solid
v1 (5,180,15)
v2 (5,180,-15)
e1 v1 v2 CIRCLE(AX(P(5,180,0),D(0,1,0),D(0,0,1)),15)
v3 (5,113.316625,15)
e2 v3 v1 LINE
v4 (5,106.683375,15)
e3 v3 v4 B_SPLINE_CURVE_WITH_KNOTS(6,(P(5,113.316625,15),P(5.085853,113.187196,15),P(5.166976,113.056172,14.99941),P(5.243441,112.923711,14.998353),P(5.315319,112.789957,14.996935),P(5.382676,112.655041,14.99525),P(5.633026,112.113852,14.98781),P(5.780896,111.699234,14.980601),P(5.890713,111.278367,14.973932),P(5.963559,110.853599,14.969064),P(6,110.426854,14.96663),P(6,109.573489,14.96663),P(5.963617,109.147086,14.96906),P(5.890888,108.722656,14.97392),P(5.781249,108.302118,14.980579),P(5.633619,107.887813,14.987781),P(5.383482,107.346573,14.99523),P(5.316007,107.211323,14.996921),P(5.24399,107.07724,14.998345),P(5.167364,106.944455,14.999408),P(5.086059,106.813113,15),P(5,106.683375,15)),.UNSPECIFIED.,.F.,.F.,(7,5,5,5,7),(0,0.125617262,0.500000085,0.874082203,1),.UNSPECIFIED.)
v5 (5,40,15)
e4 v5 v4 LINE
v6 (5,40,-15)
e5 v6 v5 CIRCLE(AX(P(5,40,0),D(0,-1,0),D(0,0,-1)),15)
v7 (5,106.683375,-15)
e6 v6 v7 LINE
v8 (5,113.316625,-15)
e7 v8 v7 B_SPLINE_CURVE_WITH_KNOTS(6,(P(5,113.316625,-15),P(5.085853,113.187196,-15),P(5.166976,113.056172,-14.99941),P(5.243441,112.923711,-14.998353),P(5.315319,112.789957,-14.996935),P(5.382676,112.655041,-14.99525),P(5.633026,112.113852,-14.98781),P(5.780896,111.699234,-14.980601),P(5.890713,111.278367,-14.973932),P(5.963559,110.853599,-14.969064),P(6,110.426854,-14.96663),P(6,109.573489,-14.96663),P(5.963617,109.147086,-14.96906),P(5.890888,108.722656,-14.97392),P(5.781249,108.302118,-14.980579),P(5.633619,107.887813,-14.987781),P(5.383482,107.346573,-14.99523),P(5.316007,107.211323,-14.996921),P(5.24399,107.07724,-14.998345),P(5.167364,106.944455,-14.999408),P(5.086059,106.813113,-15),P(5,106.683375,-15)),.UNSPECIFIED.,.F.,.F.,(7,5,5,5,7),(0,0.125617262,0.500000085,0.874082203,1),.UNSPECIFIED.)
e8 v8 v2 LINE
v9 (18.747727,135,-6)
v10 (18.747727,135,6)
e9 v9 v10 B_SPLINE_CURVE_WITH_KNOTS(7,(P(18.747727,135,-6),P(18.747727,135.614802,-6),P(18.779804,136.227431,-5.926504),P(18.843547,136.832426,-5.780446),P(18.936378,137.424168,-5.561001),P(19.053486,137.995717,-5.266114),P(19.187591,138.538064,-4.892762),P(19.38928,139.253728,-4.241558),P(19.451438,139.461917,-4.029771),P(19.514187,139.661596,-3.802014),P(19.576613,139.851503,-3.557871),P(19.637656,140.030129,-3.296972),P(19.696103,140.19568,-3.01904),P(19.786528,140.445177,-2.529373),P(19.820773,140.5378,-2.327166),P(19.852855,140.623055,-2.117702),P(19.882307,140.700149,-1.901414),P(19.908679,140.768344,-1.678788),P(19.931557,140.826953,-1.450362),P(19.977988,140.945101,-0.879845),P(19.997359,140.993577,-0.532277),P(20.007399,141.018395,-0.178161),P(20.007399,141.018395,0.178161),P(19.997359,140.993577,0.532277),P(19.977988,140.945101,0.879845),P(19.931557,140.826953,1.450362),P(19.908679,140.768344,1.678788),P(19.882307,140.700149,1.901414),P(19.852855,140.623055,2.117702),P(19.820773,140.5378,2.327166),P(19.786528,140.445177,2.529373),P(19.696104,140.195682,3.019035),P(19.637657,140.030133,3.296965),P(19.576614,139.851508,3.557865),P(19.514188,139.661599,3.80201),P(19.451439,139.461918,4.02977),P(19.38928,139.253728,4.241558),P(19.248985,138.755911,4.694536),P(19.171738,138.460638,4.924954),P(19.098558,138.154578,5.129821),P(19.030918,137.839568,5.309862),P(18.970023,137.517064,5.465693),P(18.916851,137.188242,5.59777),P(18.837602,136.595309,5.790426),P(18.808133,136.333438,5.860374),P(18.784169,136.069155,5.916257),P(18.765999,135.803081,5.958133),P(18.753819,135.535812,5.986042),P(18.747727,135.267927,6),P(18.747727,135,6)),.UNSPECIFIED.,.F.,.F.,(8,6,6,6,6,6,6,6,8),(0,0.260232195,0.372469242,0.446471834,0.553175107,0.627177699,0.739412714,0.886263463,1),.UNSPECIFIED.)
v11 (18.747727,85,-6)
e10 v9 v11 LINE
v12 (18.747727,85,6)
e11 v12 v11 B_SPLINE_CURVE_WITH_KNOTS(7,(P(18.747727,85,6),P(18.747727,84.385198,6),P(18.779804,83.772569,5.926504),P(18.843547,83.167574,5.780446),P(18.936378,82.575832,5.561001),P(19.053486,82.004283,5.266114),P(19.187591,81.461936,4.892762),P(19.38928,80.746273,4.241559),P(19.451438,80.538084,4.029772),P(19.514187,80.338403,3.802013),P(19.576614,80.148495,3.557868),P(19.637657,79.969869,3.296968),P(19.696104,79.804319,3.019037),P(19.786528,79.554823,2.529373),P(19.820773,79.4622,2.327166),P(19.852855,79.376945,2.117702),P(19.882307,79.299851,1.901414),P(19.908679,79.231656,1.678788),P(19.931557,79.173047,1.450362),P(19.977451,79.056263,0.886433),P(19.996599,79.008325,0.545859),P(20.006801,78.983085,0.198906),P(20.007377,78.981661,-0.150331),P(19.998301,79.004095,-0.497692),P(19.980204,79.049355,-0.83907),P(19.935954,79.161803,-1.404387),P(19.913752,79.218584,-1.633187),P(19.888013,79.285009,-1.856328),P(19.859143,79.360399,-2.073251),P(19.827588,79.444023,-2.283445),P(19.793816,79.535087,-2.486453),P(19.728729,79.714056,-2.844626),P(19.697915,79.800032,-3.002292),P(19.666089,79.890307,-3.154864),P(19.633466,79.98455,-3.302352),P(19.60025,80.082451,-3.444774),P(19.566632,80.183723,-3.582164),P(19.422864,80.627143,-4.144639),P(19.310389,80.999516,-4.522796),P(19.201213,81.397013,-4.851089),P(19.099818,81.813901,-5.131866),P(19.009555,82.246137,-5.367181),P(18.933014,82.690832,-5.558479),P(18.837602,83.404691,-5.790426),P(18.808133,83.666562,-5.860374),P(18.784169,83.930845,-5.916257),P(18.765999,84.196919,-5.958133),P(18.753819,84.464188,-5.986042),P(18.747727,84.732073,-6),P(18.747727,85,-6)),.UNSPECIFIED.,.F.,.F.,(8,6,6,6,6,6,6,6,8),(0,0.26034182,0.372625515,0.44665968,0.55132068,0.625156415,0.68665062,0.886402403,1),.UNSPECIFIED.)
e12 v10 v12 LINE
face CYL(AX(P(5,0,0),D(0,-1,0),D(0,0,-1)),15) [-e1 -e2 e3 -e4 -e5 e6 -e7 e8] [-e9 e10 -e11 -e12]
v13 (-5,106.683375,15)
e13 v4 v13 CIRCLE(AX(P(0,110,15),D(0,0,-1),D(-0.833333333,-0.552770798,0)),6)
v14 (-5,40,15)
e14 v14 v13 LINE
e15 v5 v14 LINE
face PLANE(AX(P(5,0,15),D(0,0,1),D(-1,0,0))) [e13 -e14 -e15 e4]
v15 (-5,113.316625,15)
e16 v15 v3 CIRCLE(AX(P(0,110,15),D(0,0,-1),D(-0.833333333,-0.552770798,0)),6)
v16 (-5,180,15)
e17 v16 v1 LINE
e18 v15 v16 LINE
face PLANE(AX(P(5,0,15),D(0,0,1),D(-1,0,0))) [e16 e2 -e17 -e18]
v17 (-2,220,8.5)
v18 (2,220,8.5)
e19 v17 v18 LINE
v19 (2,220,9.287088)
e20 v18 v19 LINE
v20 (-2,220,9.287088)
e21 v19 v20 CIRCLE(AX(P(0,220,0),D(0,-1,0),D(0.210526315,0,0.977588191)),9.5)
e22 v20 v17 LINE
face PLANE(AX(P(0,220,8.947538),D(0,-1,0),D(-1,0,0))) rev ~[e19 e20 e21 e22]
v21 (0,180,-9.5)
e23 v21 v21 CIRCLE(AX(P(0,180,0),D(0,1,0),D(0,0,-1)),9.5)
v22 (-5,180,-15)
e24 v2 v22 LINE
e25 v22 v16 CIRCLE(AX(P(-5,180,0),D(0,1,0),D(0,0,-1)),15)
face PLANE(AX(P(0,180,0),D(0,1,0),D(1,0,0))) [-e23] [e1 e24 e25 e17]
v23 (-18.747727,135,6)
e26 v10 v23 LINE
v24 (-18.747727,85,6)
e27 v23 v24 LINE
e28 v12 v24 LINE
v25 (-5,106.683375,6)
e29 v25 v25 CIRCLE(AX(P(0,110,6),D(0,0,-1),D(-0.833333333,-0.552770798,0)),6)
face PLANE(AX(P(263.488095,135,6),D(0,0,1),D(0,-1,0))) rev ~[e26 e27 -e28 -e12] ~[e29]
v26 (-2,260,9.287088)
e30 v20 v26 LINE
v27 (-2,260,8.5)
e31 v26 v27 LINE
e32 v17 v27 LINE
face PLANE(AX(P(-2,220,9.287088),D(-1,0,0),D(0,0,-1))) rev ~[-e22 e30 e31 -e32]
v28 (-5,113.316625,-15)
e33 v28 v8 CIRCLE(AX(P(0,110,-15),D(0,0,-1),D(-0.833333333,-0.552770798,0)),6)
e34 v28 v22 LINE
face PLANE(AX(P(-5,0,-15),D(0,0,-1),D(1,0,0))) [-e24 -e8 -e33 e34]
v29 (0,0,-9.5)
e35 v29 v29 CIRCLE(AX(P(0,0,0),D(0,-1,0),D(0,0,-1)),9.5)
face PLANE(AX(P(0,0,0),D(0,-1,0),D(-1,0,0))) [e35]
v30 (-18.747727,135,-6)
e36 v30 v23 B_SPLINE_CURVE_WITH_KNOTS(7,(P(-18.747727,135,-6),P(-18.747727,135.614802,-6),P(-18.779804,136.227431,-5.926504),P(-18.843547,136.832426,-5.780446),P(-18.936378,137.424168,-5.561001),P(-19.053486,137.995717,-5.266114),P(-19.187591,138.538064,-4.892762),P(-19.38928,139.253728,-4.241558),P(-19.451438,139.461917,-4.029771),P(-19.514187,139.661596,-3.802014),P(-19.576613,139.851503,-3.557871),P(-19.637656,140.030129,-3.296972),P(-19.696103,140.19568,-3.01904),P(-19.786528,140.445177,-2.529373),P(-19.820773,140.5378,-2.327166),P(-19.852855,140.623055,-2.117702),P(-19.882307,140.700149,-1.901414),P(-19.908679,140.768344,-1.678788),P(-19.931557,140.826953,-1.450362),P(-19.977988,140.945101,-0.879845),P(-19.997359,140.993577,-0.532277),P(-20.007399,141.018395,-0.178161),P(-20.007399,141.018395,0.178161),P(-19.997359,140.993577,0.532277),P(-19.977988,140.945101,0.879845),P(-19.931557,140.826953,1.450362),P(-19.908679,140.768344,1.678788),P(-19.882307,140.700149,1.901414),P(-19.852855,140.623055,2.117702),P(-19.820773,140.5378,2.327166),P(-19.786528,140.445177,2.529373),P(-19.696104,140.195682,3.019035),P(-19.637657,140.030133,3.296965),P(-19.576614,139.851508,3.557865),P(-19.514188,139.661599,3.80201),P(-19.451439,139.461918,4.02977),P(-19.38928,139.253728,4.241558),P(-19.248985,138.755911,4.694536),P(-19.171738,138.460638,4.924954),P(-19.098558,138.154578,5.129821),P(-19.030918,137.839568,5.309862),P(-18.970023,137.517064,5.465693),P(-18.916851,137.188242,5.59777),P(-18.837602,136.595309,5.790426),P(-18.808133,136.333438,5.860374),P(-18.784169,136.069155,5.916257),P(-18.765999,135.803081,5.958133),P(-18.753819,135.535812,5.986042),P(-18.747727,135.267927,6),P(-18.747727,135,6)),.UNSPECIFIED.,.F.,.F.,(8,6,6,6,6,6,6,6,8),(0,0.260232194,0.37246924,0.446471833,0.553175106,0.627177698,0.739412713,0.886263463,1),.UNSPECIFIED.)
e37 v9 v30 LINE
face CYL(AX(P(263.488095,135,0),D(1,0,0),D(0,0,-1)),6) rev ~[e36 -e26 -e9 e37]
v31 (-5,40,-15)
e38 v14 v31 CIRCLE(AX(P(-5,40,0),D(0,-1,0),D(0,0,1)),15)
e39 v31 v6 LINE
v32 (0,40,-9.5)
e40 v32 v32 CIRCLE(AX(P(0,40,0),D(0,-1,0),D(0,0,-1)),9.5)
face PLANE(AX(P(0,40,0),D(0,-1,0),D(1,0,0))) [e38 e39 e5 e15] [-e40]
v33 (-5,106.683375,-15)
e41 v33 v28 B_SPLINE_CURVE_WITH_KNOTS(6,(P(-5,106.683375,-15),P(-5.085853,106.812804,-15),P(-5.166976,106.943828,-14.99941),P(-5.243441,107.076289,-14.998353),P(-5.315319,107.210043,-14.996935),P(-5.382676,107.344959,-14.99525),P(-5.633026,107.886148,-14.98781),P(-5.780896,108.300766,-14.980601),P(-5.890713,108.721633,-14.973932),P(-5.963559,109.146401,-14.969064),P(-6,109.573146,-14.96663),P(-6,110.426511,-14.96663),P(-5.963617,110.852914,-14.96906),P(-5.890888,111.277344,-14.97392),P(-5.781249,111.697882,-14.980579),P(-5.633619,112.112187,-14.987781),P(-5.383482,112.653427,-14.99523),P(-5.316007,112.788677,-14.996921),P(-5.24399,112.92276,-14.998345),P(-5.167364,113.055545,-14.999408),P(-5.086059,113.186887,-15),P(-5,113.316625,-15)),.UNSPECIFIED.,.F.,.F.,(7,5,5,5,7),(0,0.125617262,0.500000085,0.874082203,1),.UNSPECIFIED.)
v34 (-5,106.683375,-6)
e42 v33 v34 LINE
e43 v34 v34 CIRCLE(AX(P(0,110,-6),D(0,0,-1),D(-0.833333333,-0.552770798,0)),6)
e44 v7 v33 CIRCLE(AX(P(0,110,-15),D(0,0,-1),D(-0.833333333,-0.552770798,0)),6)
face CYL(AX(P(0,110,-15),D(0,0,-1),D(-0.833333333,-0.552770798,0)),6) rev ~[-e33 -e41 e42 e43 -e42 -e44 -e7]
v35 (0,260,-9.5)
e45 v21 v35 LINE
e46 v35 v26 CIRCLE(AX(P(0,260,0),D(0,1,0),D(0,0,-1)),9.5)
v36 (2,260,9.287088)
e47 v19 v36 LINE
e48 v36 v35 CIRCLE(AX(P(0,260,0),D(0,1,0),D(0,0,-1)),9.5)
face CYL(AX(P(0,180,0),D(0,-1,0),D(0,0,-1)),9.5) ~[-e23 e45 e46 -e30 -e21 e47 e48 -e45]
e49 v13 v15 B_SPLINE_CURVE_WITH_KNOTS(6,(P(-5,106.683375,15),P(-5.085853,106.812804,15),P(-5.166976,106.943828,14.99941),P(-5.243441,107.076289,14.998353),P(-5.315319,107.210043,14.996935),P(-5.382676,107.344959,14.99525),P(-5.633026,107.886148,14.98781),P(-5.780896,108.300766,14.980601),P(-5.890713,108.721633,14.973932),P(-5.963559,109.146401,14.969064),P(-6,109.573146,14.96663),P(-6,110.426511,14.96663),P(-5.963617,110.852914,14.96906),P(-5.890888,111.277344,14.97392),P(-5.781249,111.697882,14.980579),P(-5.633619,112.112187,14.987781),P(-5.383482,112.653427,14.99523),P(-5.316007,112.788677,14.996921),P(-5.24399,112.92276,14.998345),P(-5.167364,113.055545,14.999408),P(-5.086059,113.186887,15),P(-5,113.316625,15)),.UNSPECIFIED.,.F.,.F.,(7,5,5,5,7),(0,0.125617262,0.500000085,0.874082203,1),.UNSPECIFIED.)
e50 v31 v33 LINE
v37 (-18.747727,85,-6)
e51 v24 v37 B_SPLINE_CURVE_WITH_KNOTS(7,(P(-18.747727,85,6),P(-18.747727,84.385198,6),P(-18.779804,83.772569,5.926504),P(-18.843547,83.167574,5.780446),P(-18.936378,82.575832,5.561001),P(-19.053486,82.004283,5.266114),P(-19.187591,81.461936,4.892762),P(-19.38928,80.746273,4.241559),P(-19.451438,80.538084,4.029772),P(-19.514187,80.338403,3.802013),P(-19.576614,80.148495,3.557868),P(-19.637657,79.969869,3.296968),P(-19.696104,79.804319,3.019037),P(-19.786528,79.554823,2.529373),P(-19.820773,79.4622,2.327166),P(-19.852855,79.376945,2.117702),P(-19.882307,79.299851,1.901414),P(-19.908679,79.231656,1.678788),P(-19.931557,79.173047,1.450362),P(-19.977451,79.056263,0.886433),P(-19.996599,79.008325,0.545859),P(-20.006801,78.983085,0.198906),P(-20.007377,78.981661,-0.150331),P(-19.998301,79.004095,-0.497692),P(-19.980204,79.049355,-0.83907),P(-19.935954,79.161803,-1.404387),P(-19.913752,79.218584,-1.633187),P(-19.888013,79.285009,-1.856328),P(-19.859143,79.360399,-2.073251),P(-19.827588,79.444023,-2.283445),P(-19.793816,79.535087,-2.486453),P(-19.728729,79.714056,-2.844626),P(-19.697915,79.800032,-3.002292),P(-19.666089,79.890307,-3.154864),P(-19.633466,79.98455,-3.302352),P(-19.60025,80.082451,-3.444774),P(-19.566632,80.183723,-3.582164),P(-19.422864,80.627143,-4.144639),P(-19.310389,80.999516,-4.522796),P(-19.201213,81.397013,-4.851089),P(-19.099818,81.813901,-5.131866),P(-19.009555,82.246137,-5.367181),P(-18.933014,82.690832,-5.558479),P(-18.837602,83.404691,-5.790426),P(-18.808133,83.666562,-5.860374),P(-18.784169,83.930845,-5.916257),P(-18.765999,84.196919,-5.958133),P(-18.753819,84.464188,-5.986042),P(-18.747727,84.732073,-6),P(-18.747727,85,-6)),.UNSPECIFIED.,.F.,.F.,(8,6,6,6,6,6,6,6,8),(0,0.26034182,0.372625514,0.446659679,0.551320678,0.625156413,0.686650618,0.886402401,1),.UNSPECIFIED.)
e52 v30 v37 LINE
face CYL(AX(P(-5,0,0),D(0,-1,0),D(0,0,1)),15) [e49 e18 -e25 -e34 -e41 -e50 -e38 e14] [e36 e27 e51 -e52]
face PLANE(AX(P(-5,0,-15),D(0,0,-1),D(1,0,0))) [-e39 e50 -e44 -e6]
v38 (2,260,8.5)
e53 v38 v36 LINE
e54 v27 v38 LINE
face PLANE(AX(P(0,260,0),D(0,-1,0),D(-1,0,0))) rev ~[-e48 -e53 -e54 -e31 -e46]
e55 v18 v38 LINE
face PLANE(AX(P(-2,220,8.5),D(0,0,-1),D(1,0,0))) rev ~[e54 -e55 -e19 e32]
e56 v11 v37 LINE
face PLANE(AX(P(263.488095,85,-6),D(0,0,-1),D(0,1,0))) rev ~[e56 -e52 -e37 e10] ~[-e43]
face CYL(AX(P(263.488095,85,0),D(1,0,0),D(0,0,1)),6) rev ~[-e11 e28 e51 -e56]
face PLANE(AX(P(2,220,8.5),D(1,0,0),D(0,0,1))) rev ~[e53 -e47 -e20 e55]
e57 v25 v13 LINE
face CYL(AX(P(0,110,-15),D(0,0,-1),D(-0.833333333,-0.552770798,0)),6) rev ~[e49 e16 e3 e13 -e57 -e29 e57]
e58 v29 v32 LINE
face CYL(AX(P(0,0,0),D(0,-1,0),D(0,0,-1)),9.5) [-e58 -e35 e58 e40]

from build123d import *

# Parameters (mm, degrees)
ESTRUSIONE_ESTRUSIONE1_DEPTH  = 260
SCHIZZO2_R                    = 9.5
TAGLIO_ESTRUSIONE1_DEPTH      = 40
TAGLIO_ESTRUSIONE2_START      = -80
SCHIZZO3_R                    = 9.5
TAGLIO_ESTRUSIONE2_DEPTH      = 80
TAGLIO_ESTRUSIONE3_DEPTH      = 263.488094968
TAGLIO_ESTRUSIONE3_DEPTH_BACK = 263.488094968
SCHIZZO5_R                    = 6
TAGLIO_ESTRUSIONE4_DEPTH      = 80
TAGLIO_ESTRUSIONE5_START      = -40
TAGLIO_ESTRUSIONE5_DEPTH      = 40


with BuildPart() as part:
    # Schizzo1 → Estrusione-Estrusione1 (new body)
    with BuildSketch(Plane(origin=(0, 0, 0), x_dir=(1, 0, 0), z_dir=(0, 1, 0))):
        with BuildLine():
            Line((-5, 15), (5, 15))
            ThreePointArc((5, 15), (20, 0), (5, -15))
            Line((5, -15), (-5, -15))
            ThreePointArc((-5, -15), (-20, 0), (-5, 15))
        make_face()
    extrude(amount=ESTRUSIONE_ESTRUSIONE1_DEPTH)

    # Schizzo2 → Taglio-Estrusione1 (cut)
    with BuildSketch(Plane.XZ):
        with BuildLine():
            Line((-5, -15), (5, -15))
            ThreePointArc((5, -15), (20, 0), (5, 15))
            Line((5, 15), (-5, 15))
            ThreePointArc((-5, 15), (-20, 0), (-5, -15))
        make_face()
        with Locations(Location((0, 0, 0), (0, 0, 270))):
            Circle(SCHIZZO2_R, mode=Mode.SUBTRACT)
    extrude(amount=-TAGLIO_ESTRUSIONE1_DEPTH, mode=Mode.SUBTRACT)

    # Schizzo3 → Taglio-Estrusione2 (cut)
    with BuildSketch(Plane(origin=(0, 260, 0), x_dir=(1, 0, 0), z_dir=(0, 1, 0)).offset(TAGLIO_ESTRUSIONE2_START)):
        with BuildLine():
            Line((-5, -15), (5, -15))
            ThreePointArc((5, -15), (20, 0), (5, 15))
            Line((5, 15), (-5, 15))
            ThreePointArc((-5, 15), (-20, 0), (-5, -15))
        make_face()
        with Locations(Location((0, 0, 0), (0, 0, 90))):
            Circle(SCHIZZO3_R, mode=Mode.SUBTRACT)
    extrude(amount=TAGLIO_ESTRUSIONE2_DEPTH, mode=Mode.SUBTRACT)

    # Schizzo4 → Taglio-Estrusione3 (cut, two sides: drawn at the far end of the back side and taken through both)
    with BuildSketch(Plane(origin=(0, 0, 15), x_dir=(0, 0, 1), z_dir=(-1, 0, 0)).offset(-TAGLIO_ESTRUSIONE3_DEPTH_BACK)):
        with BuildLine():
            Line((-9, 135), (-9, 85))
            ThreePointArc((-9, 85), (-15, 79), (-21, 85))
            Line((-21, 85), (-21, 135))
            ThreePointArc((-21, 135), (-15, 141), (-9, 135))
        make_face()
    extrude(amount=TAGLIO_ESTRUSIONE3_DEPTH + TAGLIO_ESTRUSIONE3_DEPTH_BACK, mode=Mode.SUBTRACT)

    # Schizzo5 → Taglio-Estrusione4 (cut)
    with BuildSketch(Plane(origin=(0, 0, -15), x_dir=(-1, 0, 0), z_dir=(0, 0, -1))):
        with Locations(Location((0, 110, 0), (0, 0, 326.442690238))):
            Circle(SCHIZZO5_R)
    extrude(amount=-TAGLIO_ESTRUSIONE4_DEPTH, mode=Mode.SUBTRACT)

    # Schizzo6 → Taglio-Estrusione5 (cut)
    with BuildSketch(Plane(origin=(0, 260, 0), x_dir=(1, 0, 0), z_dir=(0, 1, 0)).offset(TAGLIO_ESTRUSIONE5_START)):
        with BuildLine():
            Line((-2, -9.287087811), (-2, -8.5))
            Line((-2, -8.5), (2, -8.5))
            Line((2, -8.5), (2, -9.287087811))
            ThreePointArc((2, -9.287087811), (0, -9.5), (-2, -9.287087811))
        make_face()
    extrude(amount=TAGLIO_ESTRUSIONE5_DEPTH, mode=Mode.SUBTRACT)


solid = part.part
